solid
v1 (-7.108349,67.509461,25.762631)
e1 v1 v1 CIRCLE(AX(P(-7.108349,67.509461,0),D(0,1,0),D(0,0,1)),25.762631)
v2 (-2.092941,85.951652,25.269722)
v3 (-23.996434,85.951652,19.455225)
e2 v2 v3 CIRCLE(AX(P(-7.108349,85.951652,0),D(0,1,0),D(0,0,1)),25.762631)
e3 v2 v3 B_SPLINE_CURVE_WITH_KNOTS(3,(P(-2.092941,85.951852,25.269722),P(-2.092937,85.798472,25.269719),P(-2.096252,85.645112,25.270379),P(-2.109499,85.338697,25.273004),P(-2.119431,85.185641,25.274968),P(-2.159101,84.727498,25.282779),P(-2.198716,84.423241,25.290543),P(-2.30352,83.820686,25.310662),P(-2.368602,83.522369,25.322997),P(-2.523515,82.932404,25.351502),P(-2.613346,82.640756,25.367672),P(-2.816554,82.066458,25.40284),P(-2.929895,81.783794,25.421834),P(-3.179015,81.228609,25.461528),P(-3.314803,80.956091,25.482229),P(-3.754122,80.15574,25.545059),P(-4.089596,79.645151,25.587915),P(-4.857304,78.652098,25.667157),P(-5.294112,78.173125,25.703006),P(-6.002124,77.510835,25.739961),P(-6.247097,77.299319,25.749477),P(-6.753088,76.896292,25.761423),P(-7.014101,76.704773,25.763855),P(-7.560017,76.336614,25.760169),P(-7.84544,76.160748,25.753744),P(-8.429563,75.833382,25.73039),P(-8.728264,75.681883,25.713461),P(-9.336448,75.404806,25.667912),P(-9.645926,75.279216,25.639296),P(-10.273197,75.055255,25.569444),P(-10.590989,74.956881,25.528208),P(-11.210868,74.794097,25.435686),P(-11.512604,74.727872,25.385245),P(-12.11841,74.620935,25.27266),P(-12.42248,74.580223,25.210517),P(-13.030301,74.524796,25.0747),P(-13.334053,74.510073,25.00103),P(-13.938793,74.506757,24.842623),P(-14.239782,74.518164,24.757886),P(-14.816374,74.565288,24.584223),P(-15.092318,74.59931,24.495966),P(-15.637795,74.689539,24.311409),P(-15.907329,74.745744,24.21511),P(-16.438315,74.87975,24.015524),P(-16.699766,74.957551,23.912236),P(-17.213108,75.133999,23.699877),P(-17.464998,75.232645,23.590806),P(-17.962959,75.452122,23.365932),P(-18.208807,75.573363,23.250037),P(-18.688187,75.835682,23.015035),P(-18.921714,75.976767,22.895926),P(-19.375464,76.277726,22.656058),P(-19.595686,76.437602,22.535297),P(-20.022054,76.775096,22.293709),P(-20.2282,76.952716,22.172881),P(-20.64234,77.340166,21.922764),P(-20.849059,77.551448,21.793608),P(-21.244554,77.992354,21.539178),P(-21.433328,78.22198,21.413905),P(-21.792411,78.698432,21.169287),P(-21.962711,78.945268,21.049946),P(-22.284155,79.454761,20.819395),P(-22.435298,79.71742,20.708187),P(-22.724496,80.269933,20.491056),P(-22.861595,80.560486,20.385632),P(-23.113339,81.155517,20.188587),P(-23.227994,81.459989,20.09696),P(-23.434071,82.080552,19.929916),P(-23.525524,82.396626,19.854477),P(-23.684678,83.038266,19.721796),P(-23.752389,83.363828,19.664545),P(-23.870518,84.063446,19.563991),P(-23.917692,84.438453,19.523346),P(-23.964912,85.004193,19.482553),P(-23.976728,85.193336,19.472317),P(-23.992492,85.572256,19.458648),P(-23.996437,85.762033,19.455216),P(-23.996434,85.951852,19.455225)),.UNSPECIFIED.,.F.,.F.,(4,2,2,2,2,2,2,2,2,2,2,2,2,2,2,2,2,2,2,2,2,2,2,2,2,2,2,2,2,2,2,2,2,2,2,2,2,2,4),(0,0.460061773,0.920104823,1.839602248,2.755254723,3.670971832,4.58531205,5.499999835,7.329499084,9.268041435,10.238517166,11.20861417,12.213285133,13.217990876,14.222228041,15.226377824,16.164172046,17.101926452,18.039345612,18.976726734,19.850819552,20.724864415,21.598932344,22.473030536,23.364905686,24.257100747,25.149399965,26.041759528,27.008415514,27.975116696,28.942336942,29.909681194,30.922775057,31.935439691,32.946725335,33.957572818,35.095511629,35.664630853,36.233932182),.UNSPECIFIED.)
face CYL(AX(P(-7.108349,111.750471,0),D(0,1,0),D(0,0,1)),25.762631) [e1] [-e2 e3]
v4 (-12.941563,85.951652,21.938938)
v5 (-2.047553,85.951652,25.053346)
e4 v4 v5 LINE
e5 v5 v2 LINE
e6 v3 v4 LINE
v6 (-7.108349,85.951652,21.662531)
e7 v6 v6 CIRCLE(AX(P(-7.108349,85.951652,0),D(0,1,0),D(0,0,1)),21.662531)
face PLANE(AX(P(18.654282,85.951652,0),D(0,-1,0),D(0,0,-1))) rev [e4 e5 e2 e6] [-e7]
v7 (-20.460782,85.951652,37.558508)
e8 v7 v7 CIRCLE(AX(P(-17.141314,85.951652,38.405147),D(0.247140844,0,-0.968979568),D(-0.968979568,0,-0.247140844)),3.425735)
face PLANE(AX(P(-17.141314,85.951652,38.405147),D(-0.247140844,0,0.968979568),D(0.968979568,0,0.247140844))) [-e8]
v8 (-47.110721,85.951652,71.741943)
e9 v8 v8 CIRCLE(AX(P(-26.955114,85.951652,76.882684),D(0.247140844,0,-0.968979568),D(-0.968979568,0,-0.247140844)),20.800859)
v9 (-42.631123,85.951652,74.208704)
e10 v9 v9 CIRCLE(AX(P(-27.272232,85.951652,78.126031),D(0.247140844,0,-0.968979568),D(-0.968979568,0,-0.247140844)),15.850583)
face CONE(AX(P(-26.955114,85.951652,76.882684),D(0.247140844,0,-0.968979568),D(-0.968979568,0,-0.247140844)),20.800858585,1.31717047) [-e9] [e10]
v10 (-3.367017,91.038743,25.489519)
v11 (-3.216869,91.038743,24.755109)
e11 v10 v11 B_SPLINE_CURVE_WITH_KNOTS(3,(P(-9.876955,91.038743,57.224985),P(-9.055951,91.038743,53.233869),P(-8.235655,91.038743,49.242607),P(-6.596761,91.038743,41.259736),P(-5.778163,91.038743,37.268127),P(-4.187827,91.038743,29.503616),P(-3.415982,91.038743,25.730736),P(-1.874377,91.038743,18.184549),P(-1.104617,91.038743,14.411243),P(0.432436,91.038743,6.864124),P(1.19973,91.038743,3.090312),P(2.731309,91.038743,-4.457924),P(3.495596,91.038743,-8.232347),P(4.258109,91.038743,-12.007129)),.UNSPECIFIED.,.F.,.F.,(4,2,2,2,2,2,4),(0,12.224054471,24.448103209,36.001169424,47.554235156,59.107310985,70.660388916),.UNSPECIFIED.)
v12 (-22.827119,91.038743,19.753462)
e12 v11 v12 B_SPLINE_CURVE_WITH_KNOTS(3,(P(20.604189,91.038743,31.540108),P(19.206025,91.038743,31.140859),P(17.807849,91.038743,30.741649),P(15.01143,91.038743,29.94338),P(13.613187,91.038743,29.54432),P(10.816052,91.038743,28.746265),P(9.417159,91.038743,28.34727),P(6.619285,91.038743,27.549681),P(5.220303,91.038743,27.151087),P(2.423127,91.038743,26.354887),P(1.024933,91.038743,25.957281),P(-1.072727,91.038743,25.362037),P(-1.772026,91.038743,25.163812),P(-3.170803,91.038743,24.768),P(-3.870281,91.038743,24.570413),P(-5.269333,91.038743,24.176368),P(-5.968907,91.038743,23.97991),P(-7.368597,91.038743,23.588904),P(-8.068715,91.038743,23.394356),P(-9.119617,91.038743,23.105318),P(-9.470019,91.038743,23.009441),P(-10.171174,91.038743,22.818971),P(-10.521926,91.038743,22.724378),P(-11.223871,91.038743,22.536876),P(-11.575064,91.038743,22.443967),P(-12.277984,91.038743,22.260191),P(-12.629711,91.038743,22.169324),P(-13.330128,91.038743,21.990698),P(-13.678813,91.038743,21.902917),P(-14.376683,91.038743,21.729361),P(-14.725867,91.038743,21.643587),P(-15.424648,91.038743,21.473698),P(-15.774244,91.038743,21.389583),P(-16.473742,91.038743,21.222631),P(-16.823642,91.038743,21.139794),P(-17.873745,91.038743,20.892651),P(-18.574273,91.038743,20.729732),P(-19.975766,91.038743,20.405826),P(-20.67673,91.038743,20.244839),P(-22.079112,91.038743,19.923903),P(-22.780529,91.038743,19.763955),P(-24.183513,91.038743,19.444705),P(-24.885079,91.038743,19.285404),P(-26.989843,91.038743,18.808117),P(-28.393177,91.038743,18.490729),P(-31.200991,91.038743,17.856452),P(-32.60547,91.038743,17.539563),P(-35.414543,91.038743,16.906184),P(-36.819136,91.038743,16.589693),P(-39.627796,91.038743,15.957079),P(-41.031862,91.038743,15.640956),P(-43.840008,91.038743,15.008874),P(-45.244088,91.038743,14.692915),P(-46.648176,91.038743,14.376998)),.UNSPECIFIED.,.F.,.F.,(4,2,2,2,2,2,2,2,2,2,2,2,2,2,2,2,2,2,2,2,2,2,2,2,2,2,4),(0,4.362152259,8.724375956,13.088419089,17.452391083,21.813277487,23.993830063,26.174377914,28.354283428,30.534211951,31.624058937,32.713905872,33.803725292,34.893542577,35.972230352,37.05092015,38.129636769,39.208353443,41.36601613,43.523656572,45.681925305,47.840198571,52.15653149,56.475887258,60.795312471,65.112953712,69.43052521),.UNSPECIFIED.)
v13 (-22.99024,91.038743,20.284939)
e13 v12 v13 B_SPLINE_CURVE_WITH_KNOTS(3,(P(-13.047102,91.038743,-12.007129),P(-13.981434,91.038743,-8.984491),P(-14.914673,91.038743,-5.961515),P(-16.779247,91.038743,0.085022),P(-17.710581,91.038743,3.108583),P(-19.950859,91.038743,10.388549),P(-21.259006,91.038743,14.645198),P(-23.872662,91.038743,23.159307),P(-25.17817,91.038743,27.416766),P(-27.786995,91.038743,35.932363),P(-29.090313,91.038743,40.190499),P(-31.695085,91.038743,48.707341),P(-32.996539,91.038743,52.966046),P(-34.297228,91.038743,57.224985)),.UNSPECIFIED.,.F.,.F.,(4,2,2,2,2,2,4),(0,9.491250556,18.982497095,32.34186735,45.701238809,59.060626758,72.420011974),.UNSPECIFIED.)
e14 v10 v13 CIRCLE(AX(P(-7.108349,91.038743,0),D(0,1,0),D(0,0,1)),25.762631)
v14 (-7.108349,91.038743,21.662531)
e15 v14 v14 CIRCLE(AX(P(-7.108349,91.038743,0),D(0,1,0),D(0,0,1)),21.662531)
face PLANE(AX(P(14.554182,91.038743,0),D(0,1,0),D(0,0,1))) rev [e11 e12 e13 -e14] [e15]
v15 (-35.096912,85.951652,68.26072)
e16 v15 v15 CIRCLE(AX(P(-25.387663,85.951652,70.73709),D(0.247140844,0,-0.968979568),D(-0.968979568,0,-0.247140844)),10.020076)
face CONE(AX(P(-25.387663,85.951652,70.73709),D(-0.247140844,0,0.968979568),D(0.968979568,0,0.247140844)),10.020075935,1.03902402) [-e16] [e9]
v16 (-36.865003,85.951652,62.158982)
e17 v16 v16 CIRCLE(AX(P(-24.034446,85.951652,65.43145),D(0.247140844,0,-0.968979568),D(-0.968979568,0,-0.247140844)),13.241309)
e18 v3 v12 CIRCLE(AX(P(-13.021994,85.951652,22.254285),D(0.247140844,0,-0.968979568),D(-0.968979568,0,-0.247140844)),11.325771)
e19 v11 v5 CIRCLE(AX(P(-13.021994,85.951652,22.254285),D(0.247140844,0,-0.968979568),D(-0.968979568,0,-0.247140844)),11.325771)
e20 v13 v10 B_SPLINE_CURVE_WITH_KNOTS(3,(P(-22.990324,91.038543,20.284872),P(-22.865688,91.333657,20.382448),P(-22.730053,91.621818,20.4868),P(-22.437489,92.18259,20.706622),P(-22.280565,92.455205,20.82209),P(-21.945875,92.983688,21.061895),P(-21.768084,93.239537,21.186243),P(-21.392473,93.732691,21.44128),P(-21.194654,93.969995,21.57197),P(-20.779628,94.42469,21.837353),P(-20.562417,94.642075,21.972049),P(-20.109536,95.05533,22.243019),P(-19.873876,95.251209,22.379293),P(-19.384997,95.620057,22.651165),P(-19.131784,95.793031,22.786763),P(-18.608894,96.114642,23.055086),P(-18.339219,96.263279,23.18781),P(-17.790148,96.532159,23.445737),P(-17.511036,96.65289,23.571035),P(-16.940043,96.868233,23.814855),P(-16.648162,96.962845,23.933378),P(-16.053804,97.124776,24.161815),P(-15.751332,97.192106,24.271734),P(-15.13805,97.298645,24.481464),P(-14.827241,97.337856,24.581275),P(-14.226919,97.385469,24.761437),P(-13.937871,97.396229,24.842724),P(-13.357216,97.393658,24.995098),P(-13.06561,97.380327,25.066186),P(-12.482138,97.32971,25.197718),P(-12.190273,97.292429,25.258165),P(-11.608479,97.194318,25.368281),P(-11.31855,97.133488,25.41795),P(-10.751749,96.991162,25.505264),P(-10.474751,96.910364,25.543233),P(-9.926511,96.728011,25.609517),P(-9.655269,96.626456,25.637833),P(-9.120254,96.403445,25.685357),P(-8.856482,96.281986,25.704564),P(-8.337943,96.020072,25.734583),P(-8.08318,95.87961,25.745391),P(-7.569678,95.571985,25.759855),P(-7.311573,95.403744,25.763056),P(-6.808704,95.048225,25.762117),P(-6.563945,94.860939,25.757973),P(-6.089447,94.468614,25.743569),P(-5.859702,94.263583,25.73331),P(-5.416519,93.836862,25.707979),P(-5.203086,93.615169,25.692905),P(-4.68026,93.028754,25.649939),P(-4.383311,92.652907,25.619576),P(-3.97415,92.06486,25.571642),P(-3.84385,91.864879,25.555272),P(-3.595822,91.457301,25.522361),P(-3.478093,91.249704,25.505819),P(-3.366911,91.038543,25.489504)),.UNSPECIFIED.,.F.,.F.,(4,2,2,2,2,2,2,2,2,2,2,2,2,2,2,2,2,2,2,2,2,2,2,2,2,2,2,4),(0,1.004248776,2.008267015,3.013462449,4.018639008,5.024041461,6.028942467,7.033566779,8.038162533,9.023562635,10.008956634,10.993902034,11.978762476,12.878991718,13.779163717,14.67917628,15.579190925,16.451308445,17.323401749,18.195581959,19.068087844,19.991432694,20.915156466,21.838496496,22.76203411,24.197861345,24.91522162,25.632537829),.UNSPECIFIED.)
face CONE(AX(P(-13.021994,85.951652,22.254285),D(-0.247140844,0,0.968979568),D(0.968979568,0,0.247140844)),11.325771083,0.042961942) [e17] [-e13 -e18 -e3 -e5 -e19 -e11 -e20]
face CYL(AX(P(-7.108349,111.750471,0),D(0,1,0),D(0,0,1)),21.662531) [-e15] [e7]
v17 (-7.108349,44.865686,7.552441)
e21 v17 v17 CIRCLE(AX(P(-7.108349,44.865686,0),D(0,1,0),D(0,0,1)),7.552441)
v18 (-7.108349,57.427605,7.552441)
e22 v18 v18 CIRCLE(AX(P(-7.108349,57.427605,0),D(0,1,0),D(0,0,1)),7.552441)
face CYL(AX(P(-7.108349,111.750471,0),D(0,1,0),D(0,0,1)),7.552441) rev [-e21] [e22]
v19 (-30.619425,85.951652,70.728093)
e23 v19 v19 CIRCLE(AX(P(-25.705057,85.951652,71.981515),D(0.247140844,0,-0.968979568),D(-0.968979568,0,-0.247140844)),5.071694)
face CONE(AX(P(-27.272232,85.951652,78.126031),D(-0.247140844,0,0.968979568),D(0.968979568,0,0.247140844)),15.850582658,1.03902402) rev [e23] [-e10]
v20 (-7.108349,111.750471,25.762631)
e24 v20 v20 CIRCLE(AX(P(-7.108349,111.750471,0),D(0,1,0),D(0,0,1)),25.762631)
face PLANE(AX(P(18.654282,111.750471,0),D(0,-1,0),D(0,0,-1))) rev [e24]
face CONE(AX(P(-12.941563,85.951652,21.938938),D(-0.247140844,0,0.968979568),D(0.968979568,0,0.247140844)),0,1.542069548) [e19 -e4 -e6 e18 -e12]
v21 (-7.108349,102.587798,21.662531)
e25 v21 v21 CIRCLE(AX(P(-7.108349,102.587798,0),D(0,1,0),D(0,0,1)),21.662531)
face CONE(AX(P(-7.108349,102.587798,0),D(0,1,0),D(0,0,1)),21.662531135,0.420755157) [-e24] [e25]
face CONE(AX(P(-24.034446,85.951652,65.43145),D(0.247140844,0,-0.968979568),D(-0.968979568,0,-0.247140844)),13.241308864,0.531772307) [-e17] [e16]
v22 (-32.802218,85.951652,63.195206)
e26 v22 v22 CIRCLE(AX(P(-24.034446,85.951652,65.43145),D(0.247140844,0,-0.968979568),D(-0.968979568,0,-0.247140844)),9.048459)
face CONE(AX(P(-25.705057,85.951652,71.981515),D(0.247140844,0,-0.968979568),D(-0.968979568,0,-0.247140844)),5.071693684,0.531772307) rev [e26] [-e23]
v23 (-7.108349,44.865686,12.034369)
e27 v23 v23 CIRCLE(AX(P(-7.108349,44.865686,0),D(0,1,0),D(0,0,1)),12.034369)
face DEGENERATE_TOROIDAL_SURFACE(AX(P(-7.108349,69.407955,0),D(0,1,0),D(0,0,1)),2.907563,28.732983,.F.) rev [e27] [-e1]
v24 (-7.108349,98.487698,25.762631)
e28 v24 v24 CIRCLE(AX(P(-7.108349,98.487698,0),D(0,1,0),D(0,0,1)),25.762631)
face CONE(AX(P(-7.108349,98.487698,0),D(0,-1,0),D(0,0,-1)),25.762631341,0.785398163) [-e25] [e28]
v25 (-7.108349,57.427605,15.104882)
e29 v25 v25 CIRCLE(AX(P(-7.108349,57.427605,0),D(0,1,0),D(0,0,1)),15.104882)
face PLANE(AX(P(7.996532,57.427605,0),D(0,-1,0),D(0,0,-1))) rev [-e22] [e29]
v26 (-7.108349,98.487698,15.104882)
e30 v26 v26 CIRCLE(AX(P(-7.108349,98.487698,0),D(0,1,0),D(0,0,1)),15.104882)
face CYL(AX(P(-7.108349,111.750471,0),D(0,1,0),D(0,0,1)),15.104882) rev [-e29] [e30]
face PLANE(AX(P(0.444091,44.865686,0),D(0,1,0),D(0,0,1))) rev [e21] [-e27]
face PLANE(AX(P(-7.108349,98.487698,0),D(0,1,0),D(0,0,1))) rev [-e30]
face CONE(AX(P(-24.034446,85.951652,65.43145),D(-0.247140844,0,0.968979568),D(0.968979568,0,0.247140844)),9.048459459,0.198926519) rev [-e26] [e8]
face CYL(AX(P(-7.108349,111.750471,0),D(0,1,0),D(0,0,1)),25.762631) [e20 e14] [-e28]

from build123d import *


with BuildPart() as part:
    # Sketch1 → Revolve1 (revolve)
    with BuildSketch(Plane.XY):
        with BuildLine():
            Line((18.654281973, 67.509460623), (18.654281973, 85.951651803))
            Line((18.654281973, 85.951651803), (14.554181768, 85.951651803))
            Line((14.554181768, 85.951651803), (14.554181768, 91.038742937))
            Line((14.554181768, 91.038742937), (18.654281973, 91.038742937))
            Line((18.654281973, 91.038742937), (18.654281973, 98.487697812))
            Line((18.654281973, 98.487697812), (14.554181768, 102.587798017))
            Line((14.554181768, 102.587798017), (18.654281973, 111.750471125))
            Line((18.654281973, 111.750471125), (-7.108349367, 111.750471125))
            Line((-7.108349367, 111.750471125), (-7.108349367, 98.487697812))
            Line((-7.108349367, 98.487697812), (7.996532166, 98.487697812))
            Line((7.996532166, 98.487697812), (7.996532166, 57.427605087))
            Line((7.996532166, 57.427605087), (0.444091399, 57.427605087))
            Line((0.444091399, 57.427605087), (0.444091399, 44.865685618))
            Line((0.444091399, 44.865685618), (4.926019535, 44.865685618))
            ThreePointArc((4.926019535, 44.865685618), (14.554181768, 54.511821478), (18.654281973, 67.509460623))
        make_face()
    revolve(axis=Axis((-7.108349367, 111.750471125, 0), (0, -1, 0)))

    # Sketch2 → Revolve2 (revolve)
    with BuildSketch(Plane(origin=(0, 85.951651803, 0), x_dir=(1, 0, 0), z_dir=(0, 1, 0))):
        Polygon((-12.941563399, -21.938938068), (-23.996434291, -19.455224522), (-36.865003284, -62.158981848), (-35.096912, -68.260719519), (-47.110720606, -71.741942645), (-42.631123157, -74.208704173), (-30.619424812, -70.728092534), (-32.80221788, -63.19520619), (-20.460781697, -37.558508231), (-17.141314342, -38.405147305), align=None)
    revolve(axis=Axis((-12.941563399, 85.951651803, 21.938938068), (-0.247140844, 0, 0.968979568)))


solid = part.part
